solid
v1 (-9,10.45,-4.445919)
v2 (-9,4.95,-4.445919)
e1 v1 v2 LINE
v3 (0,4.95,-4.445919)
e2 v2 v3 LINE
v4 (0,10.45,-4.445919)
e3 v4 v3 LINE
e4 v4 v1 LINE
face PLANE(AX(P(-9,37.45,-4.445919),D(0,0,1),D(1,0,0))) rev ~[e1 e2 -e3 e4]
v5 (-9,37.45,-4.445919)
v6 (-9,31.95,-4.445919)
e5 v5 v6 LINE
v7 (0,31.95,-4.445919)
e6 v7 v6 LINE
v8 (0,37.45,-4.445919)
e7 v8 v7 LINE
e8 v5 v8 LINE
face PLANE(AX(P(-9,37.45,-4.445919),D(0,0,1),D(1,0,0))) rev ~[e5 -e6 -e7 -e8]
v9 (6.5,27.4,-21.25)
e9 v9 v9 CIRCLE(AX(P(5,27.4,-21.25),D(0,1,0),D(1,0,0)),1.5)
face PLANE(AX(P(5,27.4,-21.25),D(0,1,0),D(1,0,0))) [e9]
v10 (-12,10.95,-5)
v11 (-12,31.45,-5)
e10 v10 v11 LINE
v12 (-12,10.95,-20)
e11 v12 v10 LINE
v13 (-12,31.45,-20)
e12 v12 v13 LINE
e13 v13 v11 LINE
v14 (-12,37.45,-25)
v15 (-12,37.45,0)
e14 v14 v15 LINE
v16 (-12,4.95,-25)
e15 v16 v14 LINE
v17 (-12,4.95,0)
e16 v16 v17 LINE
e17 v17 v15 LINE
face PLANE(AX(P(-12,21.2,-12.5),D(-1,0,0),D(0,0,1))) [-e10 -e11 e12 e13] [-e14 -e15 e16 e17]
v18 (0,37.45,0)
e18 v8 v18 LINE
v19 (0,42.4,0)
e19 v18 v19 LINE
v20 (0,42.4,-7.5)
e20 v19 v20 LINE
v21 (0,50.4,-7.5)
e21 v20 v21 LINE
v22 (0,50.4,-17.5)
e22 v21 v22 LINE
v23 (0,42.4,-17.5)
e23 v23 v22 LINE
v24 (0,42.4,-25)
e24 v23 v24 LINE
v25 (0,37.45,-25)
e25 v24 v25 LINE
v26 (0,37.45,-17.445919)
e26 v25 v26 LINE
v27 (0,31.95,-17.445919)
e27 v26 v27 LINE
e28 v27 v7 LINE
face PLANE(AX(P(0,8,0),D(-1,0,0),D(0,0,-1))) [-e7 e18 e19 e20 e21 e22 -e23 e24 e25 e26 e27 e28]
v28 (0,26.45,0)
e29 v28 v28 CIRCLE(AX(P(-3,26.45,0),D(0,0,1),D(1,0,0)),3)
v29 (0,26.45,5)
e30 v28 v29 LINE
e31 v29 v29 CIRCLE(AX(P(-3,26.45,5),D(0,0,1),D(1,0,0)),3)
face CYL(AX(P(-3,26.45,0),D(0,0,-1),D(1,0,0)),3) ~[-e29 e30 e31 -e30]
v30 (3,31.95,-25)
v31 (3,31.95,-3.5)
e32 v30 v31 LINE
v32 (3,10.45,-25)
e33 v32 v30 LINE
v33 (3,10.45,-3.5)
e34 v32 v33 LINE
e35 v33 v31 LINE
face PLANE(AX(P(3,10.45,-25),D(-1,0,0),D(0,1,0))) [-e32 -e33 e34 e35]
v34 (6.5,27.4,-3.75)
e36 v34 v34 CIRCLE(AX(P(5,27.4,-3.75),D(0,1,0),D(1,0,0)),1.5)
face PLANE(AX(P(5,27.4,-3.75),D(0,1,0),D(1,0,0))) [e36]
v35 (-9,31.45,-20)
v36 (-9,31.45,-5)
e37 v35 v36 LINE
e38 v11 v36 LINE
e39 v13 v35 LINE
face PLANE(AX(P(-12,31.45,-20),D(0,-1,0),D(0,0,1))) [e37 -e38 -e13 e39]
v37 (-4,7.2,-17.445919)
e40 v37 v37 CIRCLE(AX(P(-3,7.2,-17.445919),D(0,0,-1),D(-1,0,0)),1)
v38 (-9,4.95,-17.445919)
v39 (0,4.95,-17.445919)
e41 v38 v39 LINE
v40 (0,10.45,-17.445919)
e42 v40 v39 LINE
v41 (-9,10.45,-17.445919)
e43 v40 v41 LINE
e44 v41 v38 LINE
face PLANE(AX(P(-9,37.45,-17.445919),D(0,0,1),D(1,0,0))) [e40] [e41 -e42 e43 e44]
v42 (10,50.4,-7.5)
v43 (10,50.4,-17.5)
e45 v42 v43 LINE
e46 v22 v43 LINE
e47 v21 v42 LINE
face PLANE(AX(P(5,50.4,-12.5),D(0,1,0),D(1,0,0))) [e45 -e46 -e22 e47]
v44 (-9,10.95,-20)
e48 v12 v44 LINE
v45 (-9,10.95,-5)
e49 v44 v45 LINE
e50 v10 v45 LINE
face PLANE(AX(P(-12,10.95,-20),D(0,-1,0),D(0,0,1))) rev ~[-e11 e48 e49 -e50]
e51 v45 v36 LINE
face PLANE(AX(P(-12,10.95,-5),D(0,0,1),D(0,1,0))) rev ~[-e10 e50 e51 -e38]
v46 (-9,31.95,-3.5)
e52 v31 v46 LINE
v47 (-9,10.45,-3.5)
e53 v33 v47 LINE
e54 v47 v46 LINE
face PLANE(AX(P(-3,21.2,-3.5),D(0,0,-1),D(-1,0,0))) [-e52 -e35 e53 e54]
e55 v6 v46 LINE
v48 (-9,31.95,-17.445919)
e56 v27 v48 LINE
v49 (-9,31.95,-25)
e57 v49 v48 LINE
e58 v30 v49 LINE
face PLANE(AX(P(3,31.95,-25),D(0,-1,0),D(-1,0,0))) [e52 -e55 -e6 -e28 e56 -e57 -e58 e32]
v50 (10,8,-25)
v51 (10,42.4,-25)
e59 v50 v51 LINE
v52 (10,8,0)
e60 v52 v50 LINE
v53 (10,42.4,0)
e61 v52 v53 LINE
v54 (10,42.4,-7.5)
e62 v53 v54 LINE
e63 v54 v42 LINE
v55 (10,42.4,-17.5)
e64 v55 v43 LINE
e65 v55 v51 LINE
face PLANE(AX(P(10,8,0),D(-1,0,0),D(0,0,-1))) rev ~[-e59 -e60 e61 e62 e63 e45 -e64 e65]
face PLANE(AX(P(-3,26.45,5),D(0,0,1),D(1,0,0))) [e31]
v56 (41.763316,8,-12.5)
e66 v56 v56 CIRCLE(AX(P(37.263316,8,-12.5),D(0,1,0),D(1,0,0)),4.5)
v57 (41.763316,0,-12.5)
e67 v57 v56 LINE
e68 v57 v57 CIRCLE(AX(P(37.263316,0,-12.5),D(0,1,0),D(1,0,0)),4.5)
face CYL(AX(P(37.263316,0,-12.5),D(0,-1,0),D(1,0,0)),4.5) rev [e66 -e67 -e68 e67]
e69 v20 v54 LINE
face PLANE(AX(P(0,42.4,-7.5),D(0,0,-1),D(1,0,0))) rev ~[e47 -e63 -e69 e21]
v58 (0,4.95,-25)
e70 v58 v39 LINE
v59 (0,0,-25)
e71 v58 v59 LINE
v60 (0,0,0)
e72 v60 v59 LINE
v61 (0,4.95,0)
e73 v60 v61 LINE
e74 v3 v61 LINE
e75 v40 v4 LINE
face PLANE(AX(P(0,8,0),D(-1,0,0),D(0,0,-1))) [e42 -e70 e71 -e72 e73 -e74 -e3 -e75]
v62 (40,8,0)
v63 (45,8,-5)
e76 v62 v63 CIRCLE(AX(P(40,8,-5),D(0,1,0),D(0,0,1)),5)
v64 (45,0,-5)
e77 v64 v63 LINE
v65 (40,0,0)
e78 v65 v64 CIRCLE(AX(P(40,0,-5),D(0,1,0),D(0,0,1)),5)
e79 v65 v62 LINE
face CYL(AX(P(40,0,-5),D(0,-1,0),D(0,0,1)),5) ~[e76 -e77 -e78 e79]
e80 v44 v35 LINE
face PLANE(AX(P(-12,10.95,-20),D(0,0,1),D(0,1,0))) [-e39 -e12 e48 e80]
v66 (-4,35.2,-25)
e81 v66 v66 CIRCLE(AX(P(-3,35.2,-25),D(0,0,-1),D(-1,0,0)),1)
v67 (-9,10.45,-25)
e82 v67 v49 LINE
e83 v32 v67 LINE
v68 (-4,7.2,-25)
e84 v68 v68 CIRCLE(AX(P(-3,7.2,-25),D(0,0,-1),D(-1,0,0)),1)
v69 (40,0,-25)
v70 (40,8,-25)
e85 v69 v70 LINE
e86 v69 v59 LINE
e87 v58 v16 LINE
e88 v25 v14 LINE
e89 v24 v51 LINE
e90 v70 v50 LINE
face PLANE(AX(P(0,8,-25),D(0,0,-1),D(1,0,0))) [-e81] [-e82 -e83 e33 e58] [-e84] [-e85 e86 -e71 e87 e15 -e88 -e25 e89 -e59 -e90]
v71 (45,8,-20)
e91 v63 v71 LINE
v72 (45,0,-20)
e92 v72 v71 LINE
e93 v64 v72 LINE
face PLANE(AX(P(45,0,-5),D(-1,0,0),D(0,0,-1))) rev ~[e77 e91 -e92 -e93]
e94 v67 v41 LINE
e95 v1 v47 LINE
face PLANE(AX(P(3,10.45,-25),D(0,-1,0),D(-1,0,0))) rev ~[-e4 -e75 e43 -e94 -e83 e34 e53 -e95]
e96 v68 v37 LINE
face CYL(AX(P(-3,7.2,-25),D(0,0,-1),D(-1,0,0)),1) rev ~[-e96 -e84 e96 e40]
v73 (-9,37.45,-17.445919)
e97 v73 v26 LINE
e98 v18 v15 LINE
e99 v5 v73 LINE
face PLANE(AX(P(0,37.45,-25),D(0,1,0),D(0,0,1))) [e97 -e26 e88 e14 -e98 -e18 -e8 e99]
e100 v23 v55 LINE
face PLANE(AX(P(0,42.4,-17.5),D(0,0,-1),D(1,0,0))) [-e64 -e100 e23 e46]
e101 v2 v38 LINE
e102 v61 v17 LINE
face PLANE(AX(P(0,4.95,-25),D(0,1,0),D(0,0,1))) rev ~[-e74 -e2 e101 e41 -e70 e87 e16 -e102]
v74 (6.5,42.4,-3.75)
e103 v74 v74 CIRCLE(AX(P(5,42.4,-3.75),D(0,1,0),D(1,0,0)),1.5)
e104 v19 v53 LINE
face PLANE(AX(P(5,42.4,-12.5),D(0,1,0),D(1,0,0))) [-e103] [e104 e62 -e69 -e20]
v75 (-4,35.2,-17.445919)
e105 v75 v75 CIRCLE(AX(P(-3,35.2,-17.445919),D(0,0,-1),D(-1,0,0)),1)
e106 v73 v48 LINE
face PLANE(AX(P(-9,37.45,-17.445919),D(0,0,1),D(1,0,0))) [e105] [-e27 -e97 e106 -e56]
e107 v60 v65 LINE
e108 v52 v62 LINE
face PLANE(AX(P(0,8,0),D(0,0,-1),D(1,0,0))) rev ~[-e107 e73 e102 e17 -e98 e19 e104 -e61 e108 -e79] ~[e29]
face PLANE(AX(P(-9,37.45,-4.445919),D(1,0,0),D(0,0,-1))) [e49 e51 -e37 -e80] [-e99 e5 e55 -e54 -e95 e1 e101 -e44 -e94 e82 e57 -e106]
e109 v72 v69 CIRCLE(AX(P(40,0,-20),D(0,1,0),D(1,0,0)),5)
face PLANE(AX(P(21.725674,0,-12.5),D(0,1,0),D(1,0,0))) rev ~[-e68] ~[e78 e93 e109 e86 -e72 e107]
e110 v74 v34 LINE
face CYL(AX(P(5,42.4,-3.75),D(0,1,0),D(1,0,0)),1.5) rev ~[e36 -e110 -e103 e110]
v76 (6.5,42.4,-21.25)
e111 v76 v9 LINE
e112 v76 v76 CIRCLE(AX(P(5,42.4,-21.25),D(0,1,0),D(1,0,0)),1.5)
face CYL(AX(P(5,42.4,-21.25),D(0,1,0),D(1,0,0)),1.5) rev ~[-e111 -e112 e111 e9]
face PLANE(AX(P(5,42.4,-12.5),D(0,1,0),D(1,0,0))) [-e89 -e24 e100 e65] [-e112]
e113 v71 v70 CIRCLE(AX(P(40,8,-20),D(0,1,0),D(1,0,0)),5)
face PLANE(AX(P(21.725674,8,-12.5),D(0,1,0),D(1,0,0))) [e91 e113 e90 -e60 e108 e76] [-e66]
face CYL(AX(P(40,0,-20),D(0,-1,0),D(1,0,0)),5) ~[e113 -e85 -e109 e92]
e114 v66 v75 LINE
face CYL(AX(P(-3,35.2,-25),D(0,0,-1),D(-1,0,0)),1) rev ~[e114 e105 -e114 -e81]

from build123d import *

# Parameters (mm, degrees)
SKETCH1_R           = 4.5
BOSS_EXTRUDE1_DEPTH = 8
SKETCH2_W           = 10
SKETCH2_H           = 25
BOSS_EXTRUDE2_DEPTH = 34.4
SKETCH5_W           = 10
SKETCH5_H           = 10
BOSS_EXTRUDE4_DEPTH = 8
SKETCH6_R           = 1.5
CUT_EXTRUDE1_DEPTH  = 15
SKETCH10_W          = 25
SKETCH10_H          = 32.5
BOSS_EXTRUDE6_DEPTH = 12
SKETCH12_W          = 12
SKETCH12_H          = 21.5
CUT_EXTRUDE3_DEPTH  = 21.5
SKETCH13_R          = 1
CUT_EXTRUDE4_DEPTH  = 10
SKETCH14_W          = 9
SKETCH14_H          = 13
CUT_EXTRUDE5_DEPTH  = 38.45
CUT_EXTRUDE6_REACH  = 59
SKETCH15_W          = 15
SKETCH15_H          = 20.5
SKETCH16_R          = 3
BOSS_EXTRUDE7_DEPTH = 5


with BuildPart() as part:
    # Sketch1 → Boss-Extrude1 (new body)
    with BuildSketch(Plane(origin=(0, 0, 0), x_dir=(1, 0, 0), z_dir=(0, 1, 0))):
        with BuildLine():
            Line((0, 0), (40, 0))
            ThreePointArc((40, 0), (43.535533906, 1.464466094), (45, 5))
            Line((45, 5), (45, 20))
            ThreePointArc((45, 20), (43.535533906, 23.535533906), (40, 25))
            Line((40, 25), (0, 25))
            Line((0, 25), (0, 0))
        make_face()
        with Locations((37.263316161, 12.5)):
            Circle(SKETCH1_R, mode=Mode.SUBTRACT)
    extrude(amount=BOSS_EXTRUDE1_DEPTH)

    # Sketch2 → Boss-Extrude2 (add)
    with BuildSketch(Plane(origin=(0, 8, 0), x_dir=(1, 0, 0), z_dir=(0, 1, 0))):
        with Locations((5, 12.5)):
            Rectangle(SKETCH2_W, SKETCH2_H)
    extrude(amount=BOSS_EXTRUDE2_DEPTH)

    # Sketch5 → Boss-Extrude4 (add)
    with BuildSketch(Plane(origin=(0, 42.4, 0), x_dir=(1, 0, 0), z_dir=(0, 1, 0))):
        with Locations((5, 12.5)):
            Rectangle(SKETCH5_W, SKETCH5_H)
    extrude(amount=BOSS_EXTRUDE4_DEPTH)

    # Sketch6 → Cut-Extrude1 (cut)
    with BuildSketch(Plane(origin=(0, 42.4, 0), x_dir=(1, 0, 0), z_dir=(0, 1, 0))):
        with Locations((5, 21.25)):
            Circle(SKETCH6_R)
        with Locations((5, 3.75)):
            Circle(SKETCH6_R)
    extrude(amount=-CUT_EXTRUDE1_DEPTH, mode=Mode.SUBTRACT)

    # Sketch10 → Boss-Extrude6 (add)
    with BuildSketch(Plane.ZY):
        with Locations((-12.5, 21.2)):
            Rectangle(SKETCH10_W, SKETCH10_H)
    extrude(amount=BOSS_EXTRUDE6_DEPTH)

    # Sketch12 → Cut-Extrude3 (cut)
    with BuildSketch(Plane(origin=(0, 0, -25), x_dir=(-1, 0, 0), z_dir=(0, 0, -1))):
        with Locations((3, 21.2)):
            Rectangle(SKETCH12_W, SKETCH12_H)
    extrude(amount=-CUT_EXTRUDE3_DEPTH, mode=Mode.SUBTRACT)

    # Sketch13 → Cut-Extrude4 (cut)
    with BuildSketch(Plane(origin=(0, 0, -25), x_dir=(-1, 0, 0), z_dir=(0, 0, -1))):
        with Locations((3, 35.2)):
            Circle(SKETCH13_R)
        with Locations((3, 7.2)):
            Circle(SKETCH13_R)
    extrude(amount=-CUT_EXTRUDE4_DEPTH, mode=Mode.SUBTRACT)

    # Sketch14 → Cut-Extrude5 (cut, through all)
    with BuildSketch(Plane(origin=(0, 37.45, 0), x_dir=(1, 0, 0), z_dir=(0, 1, 0))):
        with Locations((-4.5, 10.945919096)):
            Rectangle(SKETCH14_W, SKETCH14_H)
    extrude(amount=-CUT_EXTRUDE5_DEPTH, mode=Mode.SUBTRACT)

    # Sketch15 → Cut-Extrude6 (cut, up to next)
    with BuildSketch(Plane.ZY.offset(12), mode=Mode.PRIVATE) as cut_extrude6_sk1:
        with Locations((-12.5, 21.2)):
            Rectangle(SKETCH15_W, SKETCH15_H)
    cut_extrude6_tool1 = extrude(cut_extrude6_sk1.sketch, amount=-CUT_EXTRUDE6_REACH, mode=Mode.PRIVATE) & part.part
    add(cut_extrude6_tool1.solids().sort_by_distance((-12, 21.2, -12.5))[0], mode=Mode.SUBTRACT)

    # Sketch16 → Boss-Extrude7 (add)
    with BuildSketch(Plane.XY):
        with Locations((-3, 26.45)):
            Circle(SKETCH16_R)
    extrude(amount=BOSS_EXTRUDE7_DEPTH)


solid = part.part
